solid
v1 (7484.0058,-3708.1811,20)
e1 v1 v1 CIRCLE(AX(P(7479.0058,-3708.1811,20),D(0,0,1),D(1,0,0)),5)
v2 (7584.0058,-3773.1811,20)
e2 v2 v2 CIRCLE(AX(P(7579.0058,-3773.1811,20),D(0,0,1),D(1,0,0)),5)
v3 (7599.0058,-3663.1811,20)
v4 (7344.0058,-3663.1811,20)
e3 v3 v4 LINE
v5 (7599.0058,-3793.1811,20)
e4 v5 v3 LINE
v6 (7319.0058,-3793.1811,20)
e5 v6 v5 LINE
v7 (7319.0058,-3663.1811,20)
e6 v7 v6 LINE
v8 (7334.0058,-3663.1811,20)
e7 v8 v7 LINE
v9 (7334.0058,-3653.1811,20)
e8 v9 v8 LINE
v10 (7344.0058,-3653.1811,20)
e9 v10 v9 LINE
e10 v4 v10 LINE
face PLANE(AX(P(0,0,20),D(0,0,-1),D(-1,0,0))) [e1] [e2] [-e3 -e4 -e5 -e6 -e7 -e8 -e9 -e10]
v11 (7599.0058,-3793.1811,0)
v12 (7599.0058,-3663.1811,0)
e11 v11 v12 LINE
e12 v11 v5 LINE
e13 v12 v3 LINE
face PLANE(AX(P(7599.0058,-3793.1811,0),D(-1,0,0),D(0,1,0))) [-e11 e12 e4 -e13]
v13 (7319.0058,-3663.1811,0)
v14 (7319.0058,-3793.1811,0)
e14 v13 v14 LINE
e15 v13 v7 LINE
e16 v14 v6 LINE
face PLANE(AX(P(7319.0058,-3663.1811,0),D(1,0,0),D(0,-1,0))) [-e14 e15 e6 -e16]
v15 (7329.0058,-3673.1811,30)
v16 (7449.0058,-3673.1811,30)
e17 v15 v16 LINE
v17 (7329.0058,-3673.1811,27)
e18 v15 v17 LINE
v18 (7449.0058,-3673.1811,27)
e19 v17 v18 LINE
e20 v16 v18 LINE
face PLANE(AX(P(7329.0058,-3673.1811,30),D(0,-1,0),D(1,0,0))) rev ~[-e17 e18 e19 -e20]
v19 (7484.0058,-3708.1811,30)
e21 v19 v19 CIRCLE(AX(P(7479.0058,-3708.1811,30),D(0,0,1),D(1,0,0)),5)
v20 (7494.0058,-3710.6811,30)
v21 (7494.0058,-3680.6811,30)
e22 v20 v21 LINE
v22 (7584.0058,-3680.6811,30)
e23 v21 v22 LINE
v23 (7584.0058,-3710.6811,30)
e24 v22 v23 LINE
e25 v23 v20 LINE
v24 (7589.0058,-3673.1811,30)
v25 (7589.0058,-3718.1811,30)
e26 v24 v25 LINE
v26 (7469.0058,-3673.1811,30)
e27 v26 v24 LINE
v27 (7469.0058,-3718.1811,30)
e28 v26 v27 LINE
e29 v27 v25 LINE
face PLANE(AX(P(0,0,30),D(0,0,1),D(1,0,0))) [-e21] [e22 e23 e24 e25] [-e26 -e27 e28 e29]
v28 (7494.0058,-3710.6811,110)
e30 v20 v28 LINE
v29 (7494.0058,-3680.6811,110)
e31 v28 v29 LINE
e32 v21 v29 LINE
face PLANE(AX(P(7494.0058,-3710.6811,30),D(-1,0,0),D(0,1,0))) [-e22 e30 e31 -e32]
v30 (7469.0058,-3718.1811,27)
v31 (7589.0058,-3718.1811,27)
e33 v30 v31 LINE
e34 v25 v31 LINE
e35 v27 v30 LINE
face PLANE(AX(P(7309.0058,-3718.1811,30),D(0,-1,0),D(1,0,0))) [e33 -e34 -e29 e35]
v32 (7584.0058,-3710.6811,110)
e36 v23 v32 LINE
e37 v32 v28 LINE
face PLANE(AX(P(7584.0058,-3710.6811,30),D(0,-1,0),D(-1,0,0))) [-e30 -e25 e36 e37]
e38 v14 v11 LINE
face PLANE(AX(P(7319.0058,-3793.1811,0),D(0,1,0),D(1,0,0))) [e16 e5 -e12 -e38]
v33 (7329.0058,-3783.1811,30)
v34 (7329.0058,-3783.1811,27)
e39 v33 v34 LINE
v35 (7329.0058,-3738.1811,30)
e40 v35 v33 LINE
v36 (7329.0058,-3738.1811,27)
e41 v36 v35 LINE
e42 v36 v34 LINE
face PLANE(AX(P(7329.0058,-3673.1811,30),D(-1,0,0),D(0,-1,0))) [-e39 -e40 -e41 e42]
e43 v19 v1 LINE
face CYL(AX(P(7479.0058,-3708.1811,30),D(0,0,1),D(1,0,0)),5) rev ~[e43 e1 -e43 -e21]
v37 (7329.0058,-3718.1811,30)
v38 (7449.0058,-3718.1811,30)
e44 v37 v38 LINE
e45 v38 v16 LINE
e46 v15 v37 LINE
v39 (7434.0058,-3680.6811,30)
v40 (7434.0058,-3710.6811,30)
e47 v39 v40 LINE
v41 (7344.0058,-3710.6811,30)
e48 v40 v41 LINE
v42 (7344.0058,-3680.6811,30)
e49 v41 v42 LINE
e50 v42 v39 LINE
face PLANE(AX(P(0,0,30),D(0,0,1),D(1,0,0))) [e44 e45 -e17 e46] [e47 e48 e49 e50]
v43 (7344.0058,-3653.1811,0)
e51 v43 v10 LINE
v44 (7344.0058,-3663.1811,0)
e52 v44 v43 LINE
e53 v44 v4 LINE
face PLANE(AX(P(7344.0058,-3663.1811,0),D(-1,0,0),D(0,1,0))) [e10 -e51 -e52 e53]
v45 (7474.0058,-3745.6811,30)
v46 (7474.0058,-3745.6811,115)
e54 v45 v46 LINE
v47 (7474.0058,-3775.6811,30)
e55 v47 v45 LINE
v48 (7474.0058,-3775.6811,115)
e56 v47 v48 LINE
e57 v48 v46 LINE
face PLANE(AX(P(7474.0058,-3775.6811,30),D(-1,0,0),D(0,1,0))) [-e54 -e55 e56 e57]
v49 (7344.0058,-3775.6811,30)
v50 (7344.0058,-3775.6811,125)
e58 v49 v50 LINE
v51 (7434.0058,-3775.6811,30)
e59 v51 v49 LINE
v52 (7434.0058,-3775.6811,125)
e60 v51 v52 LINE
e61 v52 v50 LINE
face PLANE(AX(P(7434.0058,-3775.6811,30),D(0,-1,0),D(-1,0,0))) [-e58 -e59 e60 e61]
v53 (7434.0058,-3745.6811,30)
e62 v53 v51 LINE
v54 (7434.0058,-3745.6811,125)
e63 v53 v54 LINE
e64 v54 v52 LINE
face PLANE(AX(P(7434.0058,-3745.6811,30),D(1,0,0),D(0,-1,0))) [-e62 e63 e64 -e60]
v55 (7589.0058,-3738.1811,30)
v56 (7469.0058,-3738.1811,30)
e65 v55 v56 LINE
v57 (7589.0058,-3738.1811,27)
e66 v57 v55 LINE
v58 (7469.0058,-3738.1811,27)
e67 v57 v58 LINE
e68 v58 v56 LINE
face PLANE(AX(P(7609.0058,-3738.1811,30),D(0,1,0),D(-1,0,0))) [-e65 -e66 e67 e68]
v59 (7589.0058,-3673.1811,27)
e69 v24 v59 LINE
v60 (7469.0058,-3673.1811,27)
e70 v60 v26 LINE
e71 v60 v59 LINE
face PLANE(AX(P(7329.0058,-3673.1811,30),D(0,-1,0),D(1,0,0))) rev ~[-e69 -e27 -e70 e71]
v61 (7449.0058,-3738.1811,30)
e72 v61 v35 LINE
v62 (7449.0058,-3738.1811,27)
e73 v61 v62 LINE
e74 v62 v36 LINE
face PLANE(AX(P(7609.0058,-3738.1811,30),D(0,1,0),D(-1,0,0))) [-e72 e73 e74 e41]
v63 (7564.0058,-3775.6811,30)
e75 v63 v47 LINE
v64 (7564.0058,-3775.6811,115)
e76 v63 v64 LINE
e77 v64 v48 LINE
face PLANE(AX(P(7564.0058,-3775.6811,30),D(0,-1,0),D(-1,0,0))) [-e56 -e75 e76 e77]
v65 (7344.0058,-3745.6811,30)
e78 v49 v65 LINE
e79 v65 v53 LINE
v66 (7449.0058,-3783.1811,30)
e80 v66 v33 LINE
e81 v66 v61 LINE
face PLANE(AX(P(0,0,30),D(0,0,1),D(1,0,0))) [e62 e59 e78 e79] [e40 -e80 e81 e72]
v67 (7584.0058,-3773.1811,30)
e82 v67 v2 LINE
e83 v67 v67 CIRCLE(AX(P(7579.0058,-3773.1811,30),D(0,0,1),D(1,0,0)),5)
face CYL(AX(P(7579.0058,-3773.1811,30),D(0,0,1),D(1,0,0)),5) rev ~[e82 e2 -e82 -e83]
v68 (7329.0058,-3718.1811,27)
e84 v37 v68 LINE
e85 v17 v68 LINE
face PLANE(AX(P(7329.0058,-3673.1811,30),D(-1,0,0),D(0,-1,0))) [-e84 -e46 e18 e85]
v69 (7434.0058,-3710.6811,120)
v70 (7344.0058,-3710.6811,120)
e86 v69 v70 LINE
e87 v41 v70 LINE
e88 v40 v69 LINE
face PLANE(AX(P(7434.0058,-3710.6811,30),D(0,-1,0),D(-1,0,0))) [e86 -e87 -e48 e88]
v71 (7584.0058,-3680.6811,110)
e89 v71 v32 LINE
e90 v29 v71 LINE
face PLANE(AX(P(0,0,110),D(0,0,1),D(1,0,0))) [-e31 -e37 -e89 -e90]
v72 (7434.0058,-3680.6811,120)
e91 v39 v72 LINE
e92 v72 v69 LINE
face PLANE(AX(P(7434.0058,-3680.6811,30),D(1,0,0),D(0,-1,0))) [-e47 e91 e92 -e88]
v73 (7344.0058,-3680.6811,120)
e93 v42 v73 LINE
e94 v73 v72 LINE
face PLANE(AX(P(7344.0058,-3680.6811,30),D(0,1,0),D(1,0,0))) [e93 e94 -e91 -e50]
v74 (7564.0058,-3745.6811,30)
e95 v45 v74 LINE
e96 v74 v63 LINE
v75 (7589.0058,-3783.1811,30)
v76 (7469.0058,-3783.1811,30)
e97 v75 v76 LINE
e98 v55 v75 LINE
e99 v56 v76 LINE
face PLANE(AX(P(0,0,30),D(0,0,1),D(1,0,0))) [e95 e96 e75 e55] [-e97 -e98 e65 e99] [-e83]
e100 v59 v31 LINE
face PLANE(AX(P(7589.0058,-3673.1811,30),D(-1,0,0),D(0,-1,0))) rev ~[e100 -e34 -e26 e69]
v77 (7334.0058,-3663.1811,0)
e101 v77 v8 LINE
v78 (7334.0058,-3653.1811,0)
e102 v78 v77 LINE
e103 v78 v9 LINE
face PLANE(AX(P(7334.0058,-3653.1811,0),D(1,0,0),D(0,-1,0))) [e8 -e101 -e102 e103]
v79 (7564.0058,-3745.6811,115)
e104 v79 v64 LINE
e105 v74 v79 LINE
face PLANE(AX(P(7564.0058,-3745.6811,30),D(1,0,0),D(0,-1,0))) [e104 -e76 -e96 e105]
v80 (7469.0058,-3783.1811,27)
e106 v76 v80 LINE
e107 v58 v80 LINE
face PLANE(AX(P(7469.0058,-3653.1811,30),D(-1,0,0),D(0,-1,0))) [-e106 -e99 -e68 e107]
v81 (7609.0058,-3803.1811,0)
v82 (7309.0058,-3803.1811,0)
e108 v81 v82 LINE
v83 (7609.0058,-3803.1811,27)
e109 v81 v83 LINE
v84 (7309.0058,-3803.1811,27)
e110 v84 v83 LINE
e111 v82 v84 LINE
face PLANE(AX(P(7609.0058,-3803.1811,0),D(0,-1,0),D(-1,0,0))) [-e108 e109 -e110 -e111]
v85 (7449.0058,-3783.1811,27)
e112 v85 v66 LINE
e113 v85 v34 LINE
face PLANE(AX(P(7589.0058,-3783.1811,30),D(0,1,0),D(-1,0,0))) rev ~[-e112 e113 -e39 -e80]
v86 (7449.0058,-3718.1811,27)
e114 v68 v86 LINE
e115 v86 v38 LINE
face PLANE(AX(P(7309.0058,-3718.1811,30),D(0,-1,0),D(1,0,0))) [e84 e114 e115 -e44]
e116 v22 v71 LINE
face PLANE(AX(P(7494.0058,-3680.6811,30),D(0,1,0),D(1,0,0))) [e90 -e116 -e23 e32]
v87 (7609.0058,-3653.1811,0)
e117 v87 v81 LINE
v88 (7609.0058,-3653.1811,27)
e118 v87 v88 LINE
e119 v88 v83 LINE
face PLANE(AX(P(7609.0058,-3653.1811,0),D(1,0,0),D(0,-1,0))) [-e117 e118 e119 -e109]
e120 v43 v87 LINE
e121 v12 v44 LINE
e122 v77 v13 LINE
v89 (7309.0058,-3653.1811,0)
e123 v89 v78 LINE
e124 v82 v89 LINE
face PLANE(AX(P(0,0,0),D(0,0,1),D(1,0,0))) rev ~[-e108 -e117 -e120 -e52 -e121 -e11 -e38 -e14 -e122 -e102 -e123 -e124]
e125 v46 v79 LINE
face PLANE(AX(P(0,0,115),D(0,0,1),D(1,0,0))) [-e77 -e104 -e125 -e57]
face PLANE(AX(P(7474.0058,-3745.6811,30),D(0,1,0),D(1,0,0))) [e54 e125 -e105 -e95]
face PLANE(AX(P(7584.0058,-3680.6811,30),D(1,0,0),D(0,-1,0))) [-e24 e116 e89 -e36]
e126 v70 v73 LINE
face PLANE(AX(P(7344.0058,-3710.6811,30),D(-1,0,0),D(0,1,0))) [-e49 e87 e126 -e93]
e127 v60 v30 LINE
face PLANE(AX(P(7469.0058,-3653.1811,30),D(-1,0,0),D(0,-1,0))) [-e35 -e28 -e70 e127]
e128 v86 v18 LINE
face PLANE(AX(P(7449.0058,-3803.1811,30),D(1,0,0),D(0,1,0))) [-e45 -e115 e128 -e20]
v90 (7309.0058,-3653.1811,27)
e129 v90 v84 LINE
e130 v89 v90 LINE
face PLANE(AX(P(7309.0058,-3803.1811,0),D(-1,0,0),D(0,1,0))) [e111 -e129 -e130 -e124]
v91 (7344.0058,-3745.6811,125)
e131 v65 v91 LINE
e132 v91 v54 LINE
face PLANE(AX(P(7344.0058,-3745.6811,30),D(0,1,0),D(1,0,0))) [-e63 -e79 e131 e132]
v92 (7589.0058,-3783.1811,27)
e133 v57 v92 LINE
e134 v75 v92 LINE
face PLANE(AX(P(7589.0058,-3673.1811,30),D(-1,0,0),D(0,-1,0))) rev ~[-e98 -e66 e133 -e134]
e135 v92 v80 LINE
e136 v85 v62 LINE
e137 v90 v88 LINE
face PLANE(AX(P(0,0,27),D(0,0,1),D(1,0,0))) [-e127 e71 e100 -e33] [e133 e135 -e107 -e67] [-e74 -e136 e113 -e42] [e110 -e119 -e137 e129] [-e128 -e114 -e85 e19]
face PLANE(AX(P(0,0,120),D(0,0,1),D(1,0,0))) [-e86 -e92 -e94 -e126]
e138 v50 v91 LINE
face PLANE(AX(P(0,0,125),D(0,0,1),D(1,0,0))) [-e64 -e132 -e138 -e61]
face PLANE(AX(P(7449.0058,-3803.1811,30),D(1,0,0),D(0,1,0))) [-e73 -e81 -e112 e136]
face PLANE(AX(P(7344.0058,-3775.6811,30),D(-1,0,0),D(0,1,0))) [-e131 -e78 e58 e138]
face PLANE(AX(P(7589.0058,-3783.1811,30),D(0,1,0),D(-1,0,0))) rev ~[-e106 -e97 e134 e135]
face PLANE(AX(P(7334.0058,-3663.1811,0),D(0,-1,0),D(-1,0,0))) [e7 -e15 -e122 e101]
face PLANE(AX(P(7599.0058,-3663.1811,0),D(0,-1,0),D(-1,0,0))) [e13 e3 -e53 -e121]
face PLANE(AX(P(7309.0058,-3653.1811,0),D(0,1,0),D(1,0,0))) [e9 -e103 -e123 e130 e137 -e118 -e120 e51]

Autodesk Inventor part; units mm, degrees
ref_plane "YZ Plane" through (0, 0, 0) normal (1, 0, 0) x (0, 1, 0)
ref_plane "XZ Plane" through (0, 0, 0) normal (0, 1, 0) x (-1, 0, 0)
ref_plane "XY Plane" through (0, 0, 0) normal (0, 0, 1) x (1, 0, 0)
sketch "Skizze1" plane through (0, 0, 0) normal (0, 0, 1) x (1, 0, 0)
  line L0 (7309.0058, -3653.1811) -> (7609.0058, -3653.1811)
  line L1 (7609.0058, -3653.1811) -> (7609.0058, -3803.1811)
  line L2 (7609.0058, -3803.1811) -> (7309.0058, -3803.1811)
  line L3 (7309.0058, -3803.1811) -> (7309.0058, -3653.1811)
  point P0 (0, 0)
  dimension "d0" = 300
  dimension "d1" = 150
extrude "Extrusion1" add sketch "Skizze1" along normal blind 30
sketch "Skizze2" plane through (0, 0, 30) normal (0, 0, 1) x (1, 0, 0)
  line L0 (7309.0058, -3653.1811) -> (7309.0058, -3803.1811) projected
  line L1 (7609.0058, -3803.1811) -> (7609.0058, -3653.1811) projected
  line L2 (7309.0058, -3718.1811) -> (7609.0058, -3718.1811)
  line L3 (7609.0058, -3718.1811) -> (7609.0058, -3738.1811)
  line L4 (7609.0058, -3738.1811) -> (7309.0058, -3738.1811)
  line L5 (7309.0058, -3738.1811) -> (7309.0058, -3718.1811)
  line L6 (7609.0058, -3653.1811) -> (7309.0058, -3653.1811) projected
  point P0 (0, 0)
  dimension "d4" = 20
  dimension "d5" = 65
extrude "Extrusion2" cut sketch "Skizze2" against normal blind 3 contours L2 L1 L4 L0
sketch "Skizze3" plane through (0, 0, 30) normal (0, 0, 1) x (1, 0, 0)
  line L0 (7609.0058, -3653.1811) -> (7309.0058, -3653.1811) projected
  line L1 (7309.0058, -3803.1811) -> (7609.0058, -3803.1811) projected
  line L2 (7449.0058, -3653.1811) -> (7469.0058, -3653.1811)
  line L3 (7469.0058, -3653.1811) -> (7469.0058, -3803.1811)
  line L4 (7469.0058, -3803.1811) -> (7449.0058, -3803.1811)
  line L5 (7449.0058, -3803.1811) -> (7449.0058, -3653.1811)
  line L6 (7309.0058, -3653.1811) -> (7309.0058, -3718.1811) projected
  point P0 (0, 0)
  dimension "d8" = 20
  dimension "d9" = 140
extrude "Extrusion3" cut sketch "Skizze3" against normal blind 3
sketch "Skizze4" plane through (0, 0, 30) normal (0, 0, 1) x (1, 0, 0)
  line L0 (7609.0058, -3653.1811) -> (7309.0058, -3653.1811) projected
  line L1 (7309.0058, -3803.1811) -> (7609.0058, -3803.1811) projected
  line L2 (7609.0058, -3653.1811) -> (7589.0058, -3653.1811)
  line L3 (7589.0058, -3653.1811) -> (7589.0058, -3803.1811)
  line L4 (7589.0058, -3803.1811) -> (7609.0058, -3803.1811)
  line L5 (7609.0058, -3803.1811) -> (7609.0058, -3653.1811)
  line L6 (7309.0058, -3653.1811) -> (7329.0058, -3653.1811)
  line L7 (7329.0058, -3653.1811) -> (7329.0058, -3803.1811)
  line L8 (7329.0058, -3803.1811) -> (7309.0058, -3803.1811)
  line L9 (7309.0058, -3803.1811) -> (7309.0058, -3653.1811)
  line L10 (7309.0058, -3803.1811) -> (7609.0058, -3803.1811)
  line L11 (7609.0058, -3803.1811) -> (7609.0058, -3783.1811)
  line L12 (7609.0058, -3783.1811) -> (7309.0058, -3783.1811)
  line L13 (7309.0058, -3783.1811) -> (7309.0058, -3803.1811)
  line L14 (7609.0058, -3653.1811) -> (7309.0058, -3653.1811)
  line L15 (7309.0058, -3653.1811) -> (7309.0058, -3673.1811)
  line L16 (7309.0058, -3673.1811) -> (7609.0058, -3673.1811)
  line L17 (7609.0058, -3673.1811) -> (7609.0058, -3653.1811)
  point P0 (0, 0)
  point P1 (7589.0058, -3783.1811)
  point P2 (7329.0058, -3783.1811)
  point P3 (7329.0058, -3673.1811)
  point P4 (7589.0058, -3673.1811)
  dimension "d12" = 20
  dimension "d13" = 20
  dimension "d14" = 20
  dimension "d15" = 20
extrude "Extrusion4" cut sketch "Skizze4" against normal blind 3 contours L5 L16 L3 L0 | L3 L16 L7 L0 | L5 L12 L3 L16 | L7 L16 L9 L0 | L5 L1 L3 L12 | L7 L12 L9 L16 | L3 L1 L7 L12 | L7 L1 L9 L12
sketch "Skizze5" plane through (0, 0, 30) normal (0, 0, 1) x (1, 0, 0)
  line L0 (7344.0058, -3680.6811) -> (7434.0058, -3680.6811)
  line L1 (7434.0058, -3680.6811) -> (7434.0058, -3710.6811)
  line L2 (7434.0058, -3710.6811) -> (7344.0058, -3710.6811)
  line L3 (7344.0058, -3710.6811) -> (7344.0058, -3680.6811)
  line L4 (7449.0058, -3673.1811) -> (7329.0058, -3673.1811) projected
  line L5 (7329.0058, -3673.1811) -> (7329.0058, -3718.1811) projected
  line L6 (7344.0058, -3745.6811) -> (7434.0058, -3745.6811)
  line L7 (7434.0058, -3745.6811) -> (7434.0058, -3775.6811)
  line L8 (7434.0058, -3775.6811) -> (7344.0058, -3775.6811)
  line L9 (7344.0058, -3775.6811) -> (7344.0058, -3745.6811)
  line L10 (7449.0058, -3738.1811) -> (7329.0058, -3738.1811) projected
  line L11 (7449.0058, -3783.1811) -> (7449.0058, -3738.1811) projected
  line L12 (7474.0058, -3745.6811) -> (7564.0058, -3745.6811)
  line L13 (7564.0058, -3745.6811) -> (7564.0058, -3775.6811)
  line L14 (7564.0058, -3775.6811) -> (7474.0058, -3775.6811)
  line L15 (7474.0058, -3775.6811) -> (7474.0058, -3745.6811)
  line L16 (7589.0058, -3738.1811) -> (7469.0058, -3738.1811) projected
  line L17 (7469.0058, -3738.1811) -> (7469.0058, -3783.1811) projected
  line L18 (7494.0058, -3680.6811) -> (7584.0058, -3680.6811)
  line L19 (7584.0058, -3680.6811) -> (7584.0058, -3710.6811)
  line L20 (7584.0058, -3710.6811) -> (7494.0058, -3710.6811)
  line L21 (7494.0058, -3710.6811) -> (7494.0058, -3680.6811)
  line L22 (7589.0058, -3673.1811) -> (7469.0058, -3673.1811) projected
  line L23 (7589.0058, -3718.1811) -> (7589.0058, -3673.1811) projected
  line L24 (7609.0058, -3803.1811) -> (7309.0058, -3803.1811) projected
  line L25 (7309.0058, -3803.1811) -> (7309.0058, -3653.1811) projected
  line L26 (7609.0058, -3653.1811) -> (7609.0058, -3803.1811) projected
  line L27 (7309.0058, -3653.1811) -> (7609.0058, -3653.1811) projected
  point P0 (0, 0)
  point P1 (7329.0058, -3695.6811)
  point P2 (7564.0058, -3760.6811)
  dimension "d18" = 90
  dimension "d19" = 30
  dimension "d20" = 7.5
  dimension "d21" = 15
  dimension "d22" = 90
  dimension "d23" = 30
  dimension "d24" = 7.5
  dimension "d25" = 15
  dimension "d26" = 90
  dimension "d27" = 30
  dimension "d28" = 7.5
  dimension "d29" = 5
  dimension "d30" = 90
  dimension "d31" = 30
  dimension "d32" = 7.5
  dimension "d33" = 5
  dimension "d58" = 27.5
  dimension "d59" = 35
  dimension "d60" = 35
  dimension "d61" = 45
  dimension "d62" = 27.5
  dimension "d63" = 25
  dimension "d64" = 27.5
extrude "Extrusion5" add sketch "Skizze5" along normal blind 90 contours L0 L1 L2 L3
extrude "Extrusion6" add sketch "Skizze5" along normal blind 80 contours L18 L19 L20 L21
extrude "Extrusion7" add sketch "Skizze5" along normal blind 95 contours L6 L7 L8 L9
extrude "Extrusion8" add sketch "Skizze5" along normal blind 85 contours L12 L13 L14 L15
sketch "Skizze6" plane through (0, 0, 0) normal (0, 0, -1) x (-1, 0, 0)
  line L0 (-7599.0058, -3663.1811) -> (-7319.0058, -3663.1811)
  line L1 (-7319.0058, -3663.1811) -> (-7319.0058, -3793.1811)
  line L2 (-7319.0058, -3793.1811) -> (-7599.0058, -3793.1811)
  line L3 (-7599.0058, -3793.1811) -> (-7599.0058, -3663.1811)
  line L4 (-7609.0058, -3653.1811) -> (-7309.0058, -3653.1811) projected
  line L5 (-7609.0058, -3803.1811) -> (-7609.0058, -3653.1811) projected
  line L6 (-7344.0058, -3653.1811) -> (-7334.0058, -3653.1811)
  line L7 (-7334.0058, -3653.1811) -> (-7334.0058, -3663.1811)
  line L8 (-7334.0058, -3663.1811) -> (-7344.0058, -3663.1811)
  line L9 (-7344.0058, -3663.1811) -> (-7344.0058, -3653.1811)
  line L10 (-7309.0058, -3653.1811) -> (-7309.0058, -3803.1811) projected
  point P0 (0, 0)
  point P1 (-7334.0058, -3658.1811)
  dimension "d42" = 280
  dimension "d43" = 130
  dimension "d44" = 10
  dimension "d45" = 10
  dimension "d46" = 10
  dimension "d47" = 25
extrude "Extrusion9" cut sketch "Skizze6" against normal blind 20
sketch "Skizze7" plane through (0, 0, 30) normal (0, 0, 1) x (1, 0, 0)
  circle A0 centre (7479.0058, -3708.1811) radius 5
  circle A1 centre (7579.0058, -3773.1811) radius 5
  line L0 (7469.0058, -3673.1811) -> (7469.0058, -3718.1811) projected
  line L1 (7469.0058, -3718.1811) -> (7589.0058, -3718.1811) projected
  line L2 (7589.0058, -3783.1811) -> (7589.0058, -3738.1811) projected
  line L3 (7469.0058, -3783.1811) -> (7589.0058, -3783.1811) projected
  point P0 (0, 0)
  dimension "d50" = 10
  dimension "d51" = 10
  dimension "d52" = 10
  dimension "d53" = 10
  dimension "d54" = 10
  dimension "d55" = 10
extrude "Extrusion10" cut sketch "Skizze7" against normal through all
sketch "Skizze8" plane through (0, 0, 20) normal (0, 0, -1) x (-1, 0, 0)
  line L0 (-7349.0058, -3685.6811) -> (-7429.0058, -3685.6811)
  line L1 (-7429.0058, -3685.6811) -> (-7429.0058, -3705.6811)
  line L2 (-7429.0058, -3705.6811) -> (-7349.0058, -3705.6811)
  line L3 (-7349.0058, -3705.6811) -> (-7349.0058, -3685.6811)
  line L4 (-7609.0058, -3653.1811) -> (-7344.0058, -3653.1811) projected
  line L5 (-7309.0058, -3653.1811) -> (-7309.0058, -3803.1811) projected
  line L6 (-7349.0058, -3770.6811) -> (-7429.0058, -3770.6811)
  line L7 (-7429.0058, -3770.6811) -> (-7429.0058, -3750.6811)
  line L8 (-7429.0058, -3750.6811) -> (-7349.0058, -3750.6811)
  line L9 (-7349.0058, -3750.6811) -> (-7349.0058, -3770.6811)
  line L10 (-7309.0058, -3803.1811) -> (-7609.0058, -3803.1811) projected
  line L11 (-7559.0058, -3770.6811) -> (-7479.0058, -3770.6811)
  line L12 (-7479.0058, -3770.6811) -> (-7479.0058, -3750.6811)
  line L13 (-7479.0058, -3750.6811) -> (-7559.0058, -3750.6811)
  line L14 (-7559.0058, -3750.6811) -> (-7559.0058, -3770.6811)
  line L15 (-7609.0058, -3803.1811) -> (-7609.0058, -3653.1811) projected
  line L16 (-7499.0058, -3705.6811) -> (-7579.0058, -3705.6811)
  line L17 (-7579.0058, -3705.6811) -> (-7579.0058, -3685.6811)
  line L18 (-7579.0058, -3685.6811) -> (-7499.0058, -3685.6811)
  line L19 (-7499.0058, -3685.6811) -> (-7499.0058, -3705.6811)
  point P0 (0, 0)
  dimension "d65" = 80
  dimension "d66" = 20
  dimension "d67" = 32.5
  dimension "d68" = 40
  dimension "d69" = 80
  dimension "d70" = 20
  dimension "d71" = 40
  dimension "d72" = 32.5
  dimension "d73" = 80
  dimension "d74" = 50
  dimension "d75" = 32.5
  dimension "d76" = 80
  dimension "d77" = 20
  dimension "d78" = 32.5
  dimension "d79" = 30
extrude "Extrusion11" add sketch "Skizze8" against normal blind 70
properties part number "2"
